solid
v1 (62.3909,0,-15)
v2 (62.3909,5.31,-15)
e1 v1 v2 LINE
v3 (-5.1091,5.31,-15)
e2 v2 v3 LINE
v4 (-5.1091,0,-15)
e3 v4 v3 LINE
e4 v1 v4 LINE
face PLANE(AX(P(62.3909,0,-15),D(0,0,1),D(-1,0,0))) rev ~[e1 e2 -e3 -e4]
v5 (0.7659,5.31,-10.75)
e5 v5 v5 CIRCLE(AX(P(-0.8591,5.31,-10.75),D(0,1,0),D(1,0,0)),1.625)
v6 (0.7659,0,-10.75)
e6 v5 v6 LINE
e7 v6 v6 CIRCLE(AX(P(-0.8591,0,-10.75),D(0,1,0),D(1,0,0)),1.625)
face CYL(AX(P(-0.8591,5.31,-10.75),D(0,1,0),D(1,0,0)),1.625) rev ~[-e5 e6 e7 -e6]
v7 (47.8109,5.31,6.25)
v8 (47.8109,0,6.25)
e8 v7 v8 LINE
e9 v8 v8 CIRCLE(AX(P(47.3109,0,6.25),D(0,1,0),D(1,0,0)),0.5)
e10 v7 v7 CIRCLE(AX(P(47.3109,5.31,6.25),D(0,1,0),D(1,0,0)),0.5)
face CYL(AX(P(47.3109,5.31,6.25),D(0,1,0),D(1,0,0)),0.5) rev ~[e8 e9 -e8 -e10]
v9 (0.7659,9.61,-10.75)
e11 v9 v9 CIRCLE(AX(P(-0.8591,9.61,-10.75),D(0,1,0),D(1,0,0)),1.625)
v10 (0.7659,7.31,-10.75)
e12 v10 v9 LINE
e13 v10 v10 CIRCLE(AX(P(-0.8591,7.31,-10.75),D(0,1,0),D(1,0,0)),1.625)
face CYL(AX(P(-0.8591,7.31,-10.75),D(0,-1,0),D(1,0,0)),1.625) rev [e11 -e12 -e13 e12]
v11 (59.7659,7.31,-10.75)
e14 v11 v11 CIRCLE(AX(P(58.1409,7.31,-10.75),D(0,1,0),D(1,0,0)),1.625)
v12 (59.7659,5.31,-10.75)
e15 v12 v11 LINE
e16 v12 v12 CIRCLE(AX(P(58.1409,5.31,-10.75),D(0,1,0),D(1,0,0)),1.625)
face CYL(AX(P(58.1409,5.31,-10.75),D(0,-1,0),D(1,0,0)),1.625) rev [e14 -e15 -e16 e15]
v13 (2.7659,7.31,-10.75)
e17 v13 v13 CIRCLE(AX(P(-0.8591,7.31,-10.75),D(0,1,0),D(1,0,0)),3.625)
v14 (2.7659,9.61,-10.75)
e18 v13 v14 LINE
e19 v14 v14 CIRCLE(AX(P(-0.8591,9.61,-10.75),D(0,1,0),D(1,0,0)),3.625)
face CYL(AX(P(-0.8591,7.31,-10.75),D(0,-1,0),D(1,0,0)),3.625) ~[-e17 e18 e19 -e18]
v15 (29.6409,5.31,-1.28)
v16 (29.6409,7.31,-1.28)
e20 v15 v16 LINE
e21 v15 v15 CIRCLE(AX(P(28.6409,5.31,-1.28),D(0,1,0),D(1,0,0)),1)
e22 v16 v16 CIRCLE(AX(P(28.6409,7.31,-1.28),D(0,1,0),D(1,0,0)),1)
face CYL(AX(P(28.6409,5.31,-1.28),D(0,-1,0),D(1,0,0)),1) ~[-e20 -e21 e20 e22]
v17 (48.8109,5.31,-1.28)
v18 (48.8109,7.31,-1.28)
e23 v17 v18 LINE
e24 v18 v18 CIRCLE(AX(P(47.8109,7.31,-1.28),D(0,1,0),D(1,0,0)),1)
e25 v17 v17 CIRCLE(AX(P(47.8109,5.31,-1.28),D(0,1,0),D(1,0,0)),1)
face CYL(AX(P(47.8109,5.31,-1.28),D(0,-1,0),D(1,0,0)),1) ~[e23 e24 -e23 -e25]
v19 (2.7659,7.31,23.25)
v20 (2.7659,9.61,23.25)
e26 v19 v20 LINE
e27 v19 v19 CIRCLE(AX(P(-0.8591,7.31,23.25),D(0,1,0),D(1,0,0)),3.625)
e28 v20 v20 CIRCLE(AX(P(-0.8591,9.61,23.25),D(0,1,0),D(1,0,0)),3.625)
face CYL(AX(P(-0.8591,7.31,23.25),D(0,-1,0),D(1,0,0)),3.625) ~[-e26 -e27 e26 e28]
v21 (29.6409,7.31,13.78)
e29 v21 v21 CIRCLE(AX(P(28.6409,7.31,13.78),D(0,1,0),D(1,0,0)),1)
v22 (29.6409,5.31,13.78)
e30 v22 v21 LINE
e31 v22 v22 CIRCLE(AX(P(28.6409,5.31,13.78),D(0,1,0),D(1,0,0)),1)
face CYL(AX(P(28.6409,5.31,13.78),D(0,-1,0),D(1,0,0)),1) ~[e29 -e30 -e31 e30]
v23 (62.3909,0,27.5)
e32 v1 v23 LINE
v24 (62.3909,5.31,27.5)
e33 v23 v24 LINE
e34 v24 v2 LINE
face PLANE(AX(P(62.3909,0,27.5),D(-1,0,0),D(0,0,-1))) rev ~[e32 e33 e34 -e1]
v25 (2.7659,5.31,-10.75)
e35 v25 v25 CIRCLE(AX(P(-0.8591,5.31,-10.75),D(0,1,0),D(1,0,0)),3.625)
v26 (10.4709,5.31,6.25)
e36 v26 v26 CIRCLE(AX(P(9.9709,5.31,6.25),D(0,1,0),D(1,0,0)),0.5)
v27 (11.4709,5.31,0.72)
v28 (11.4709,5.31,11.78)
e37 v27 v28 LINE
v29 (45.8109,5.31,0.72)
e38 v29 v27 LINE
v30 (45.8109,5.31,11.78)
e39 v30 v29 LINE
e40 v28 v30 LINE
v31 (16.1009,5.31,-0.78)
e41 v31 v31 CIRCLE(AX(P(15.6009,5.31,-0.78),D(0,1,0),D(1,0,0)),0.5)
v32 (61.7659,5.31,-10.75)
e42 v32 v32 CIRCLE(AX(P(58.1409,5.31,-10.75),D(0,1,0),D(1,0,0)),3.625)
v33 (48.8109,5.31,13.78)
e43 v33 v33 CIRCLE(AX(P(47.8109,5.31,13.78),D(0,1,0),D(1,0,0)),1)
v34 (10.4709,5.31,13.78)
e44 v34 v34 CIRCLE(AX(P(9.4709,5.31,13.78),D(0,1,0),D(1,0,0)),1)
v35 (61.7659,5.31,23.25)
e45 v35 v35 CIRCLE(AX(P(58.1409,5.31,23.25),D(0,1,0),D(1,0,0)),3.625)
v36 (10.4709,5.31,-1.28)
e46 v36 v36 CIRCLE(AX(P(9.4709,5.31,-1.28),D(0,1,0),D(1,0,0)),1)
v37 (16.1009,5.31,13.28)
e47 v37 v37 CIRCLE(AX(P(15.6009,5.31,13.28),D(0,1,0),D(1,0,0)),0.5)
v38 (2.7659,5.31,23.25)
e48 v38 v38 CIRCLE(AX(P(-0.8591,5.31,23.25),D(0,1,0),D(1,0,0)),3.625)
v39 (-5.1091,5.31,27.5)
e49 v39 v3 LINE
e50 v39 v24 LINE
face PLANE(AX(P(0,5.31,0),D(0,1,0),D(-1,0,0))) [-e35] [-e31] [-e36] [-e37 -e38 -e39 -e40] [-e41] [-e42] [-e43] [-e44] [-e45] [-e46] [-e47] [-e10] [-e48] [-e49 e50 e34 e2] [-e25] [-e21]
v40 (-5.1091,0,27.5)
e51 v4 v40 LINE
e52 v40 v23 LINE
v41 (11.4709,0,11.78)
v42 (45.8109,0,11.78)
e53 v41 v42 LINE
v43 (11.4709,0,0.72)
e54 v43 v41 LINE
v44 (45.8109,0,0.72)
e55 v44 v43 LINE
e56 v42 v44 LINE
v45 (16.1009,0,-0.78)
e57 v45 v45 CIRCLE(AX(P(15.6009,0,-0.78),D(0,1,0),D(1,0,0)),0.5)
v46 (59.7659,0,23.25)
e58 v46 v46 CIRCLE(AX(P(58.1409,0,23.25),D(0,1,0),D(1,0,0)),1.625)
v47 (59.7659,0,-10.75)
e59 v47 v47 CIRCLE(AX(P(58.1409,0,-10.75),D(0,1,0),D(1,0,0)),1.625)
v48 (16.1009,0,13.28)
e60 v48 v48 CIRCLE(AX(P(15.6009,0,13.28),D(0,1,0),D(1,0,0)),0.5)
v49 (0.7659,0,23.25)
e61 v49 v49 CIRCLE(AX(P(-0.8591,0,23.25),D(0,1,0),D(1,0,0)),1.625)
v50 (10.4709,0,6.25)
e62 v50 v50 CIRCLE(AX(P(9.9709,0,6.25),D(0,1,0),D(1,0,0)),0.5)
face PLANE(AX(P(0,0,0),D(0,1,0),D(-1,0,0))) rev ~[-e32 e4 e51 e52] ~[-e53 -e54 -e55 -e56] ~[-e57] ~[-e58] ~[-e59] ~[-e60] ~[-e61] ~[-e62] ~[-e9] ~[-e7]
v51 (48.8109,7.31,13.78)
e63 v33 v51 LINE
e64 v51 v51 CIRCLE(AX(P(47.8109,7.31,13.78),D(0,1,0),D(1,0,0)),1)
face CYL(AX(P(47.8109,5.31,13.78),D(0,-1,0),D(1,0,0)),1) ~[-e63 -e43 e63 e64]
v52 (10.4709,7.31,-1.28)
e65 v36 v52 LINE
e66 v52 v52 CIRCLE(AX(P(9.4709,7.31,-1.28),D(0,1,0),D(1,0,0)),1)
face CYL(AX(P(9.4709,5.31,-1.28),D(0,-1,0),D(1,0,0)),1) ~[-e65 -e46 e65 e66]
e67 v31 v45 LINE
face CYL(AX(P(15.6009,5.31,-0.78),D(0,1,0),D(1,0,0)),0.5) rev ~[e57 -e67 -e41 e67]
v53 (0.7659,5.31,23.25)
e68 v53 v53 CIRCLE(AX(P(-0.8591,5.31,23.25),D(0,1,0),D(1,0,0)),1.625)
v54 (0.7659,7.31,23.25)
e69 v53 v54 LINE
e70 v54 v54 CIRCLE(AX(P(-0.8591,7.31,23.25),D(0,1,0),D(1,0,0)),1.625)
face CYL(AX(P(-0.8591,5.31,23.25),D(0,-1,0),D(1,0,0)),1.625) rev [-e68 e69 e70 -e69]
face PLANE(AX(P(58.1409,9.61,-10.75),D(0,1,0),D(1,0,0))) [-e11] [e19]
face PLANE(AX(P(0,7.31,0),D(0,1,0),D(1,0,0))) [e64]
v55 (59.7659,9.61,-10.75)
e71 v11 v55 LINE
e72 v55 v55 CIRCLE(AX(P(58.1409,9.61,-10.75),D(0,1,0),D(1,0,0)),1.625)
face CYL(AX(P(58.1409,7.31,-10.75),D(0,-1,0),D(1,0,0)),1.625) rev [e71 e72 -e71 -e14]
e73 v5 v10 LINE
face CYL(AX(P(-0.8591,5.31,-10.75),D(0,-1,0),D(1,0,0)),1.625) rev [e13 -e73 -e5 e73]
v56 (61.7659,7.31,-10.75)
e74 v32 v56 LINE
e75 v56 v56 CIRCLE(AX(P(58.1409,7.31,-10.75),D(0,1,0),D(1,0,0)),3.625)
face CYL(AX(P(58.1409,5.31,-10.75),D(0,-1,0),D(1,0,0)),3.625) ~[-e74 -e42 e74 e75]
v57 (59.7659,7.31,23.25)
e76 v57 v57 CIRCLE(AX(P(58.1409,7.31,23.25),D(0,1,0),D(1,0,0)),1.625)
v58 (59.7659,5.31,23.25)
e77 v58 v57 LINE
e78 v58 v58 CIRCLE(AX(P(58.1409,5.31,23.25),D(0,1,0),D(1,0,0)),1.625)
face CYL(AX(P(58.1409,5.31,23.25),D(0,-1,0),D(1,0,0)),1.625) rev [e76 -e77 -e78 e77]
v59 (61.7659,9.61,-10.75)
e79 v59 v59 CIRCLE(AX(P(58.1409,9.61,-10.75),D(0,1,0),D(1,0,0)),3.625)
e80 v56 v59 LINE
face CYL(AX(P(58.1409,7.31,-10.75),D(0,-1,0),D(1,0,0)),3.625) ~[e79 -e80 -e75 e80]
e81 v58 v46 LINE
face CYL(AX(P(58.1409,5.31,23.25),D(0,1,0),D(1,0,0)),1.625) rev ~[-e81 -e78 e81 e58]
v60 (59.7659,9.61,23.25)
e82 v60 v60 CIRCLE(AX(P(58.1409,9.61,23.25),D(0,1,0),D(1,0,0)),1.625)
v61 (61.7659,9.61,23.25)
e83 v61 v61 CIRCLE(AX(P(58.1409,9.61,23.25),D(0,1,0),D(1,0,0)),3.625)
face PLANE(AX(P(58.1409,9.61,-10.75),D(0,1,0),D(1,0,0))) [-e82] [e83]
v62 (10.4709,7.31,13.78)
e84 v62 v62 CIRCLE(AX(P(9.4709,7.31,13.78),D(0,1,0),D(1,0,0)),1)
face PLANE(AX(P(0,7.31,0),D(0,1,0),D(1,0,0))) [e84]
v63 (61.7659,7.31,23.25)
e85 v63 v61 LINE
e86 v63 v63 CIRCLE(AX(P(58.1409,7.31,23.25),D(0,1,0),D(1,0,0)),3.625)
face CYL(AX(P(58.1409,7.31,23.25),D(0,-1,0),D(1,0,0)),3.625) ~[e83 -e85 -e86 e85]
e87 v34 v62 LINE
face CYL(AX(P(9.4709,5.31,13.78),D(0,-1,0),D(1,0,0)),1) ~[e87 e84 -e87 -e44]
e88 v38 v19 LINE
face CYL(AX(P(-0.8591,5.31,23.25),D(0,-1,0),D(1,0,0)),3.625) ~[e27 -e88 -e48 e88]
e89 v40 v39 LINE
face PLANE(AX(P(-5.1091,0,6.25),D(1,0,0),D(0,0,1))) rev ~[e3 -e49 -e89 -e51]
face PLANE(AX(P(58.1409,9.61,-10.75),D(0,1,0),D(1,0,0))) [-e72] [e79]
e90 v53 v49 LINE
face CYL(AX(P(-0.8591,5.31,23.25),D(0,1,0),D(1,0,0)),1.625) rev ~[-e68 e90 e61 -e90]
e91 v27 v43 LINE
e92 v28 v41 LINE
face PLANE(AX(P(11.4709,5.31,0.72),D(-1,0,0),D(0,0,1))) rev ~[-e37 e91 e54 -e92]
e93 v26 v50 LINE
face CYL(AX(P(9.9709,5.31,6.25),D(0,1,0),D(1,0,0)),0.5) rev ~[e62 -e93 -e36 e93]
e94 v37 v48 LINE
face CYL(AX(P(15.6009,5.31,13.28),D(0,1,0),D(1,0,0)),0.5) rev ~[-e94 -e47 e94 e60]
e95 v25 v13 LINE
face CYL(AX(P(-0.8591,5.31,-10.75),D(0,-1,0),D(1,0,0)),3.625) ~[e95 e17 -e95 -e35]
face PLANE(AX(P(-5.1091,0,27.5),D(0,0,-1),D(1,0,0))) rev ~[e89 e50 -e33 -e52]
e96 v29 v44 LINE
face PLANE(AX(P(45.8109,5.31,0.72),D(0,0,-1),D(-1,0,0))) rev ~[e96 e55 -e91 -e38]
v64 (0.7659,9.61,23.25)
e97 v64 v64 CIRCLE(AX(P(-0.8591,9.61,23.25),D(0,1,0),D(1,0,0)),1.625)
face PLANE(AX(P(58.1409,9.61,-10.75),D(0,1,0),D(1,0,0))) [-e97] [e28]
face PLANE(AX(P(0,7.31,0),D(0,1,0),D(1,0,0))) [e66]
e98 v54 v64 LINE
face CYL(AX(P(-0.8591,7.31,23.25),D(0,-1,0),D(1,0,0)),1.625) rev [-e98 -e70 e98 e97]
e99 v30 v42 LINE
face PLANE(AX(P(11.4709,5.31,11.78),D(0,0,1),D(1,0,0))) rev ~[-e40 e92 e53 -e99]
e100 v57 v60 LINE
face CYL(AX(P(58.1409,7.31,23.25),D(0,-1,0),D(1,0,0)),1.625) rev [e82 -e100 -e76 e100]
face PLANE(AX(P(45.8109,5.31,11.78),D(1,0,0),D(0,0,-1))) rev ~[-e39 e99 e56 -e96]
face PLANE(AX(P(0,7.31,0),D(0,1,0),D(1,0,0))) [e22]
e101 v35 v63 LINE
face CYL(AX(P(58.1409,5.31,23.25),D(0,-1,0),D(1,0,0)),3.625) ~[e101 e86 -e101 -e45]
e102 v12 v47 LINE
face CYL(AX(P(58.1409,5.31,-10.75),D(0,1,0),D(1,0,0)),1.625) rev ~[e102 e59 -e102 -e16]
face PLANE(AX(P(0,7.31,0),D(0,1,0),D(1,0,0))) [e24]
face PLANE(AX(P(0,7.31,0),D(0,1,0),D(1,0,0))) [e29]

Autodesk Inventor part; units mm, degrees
ref_plane "YZ Plane" through (0, 0, 0) normal (1, 0, 0) x (0, 1, 0)
ref_plane "XZ Plane" through (0, 0, 0) normal (0, 1, 0) x (-1, 0, 0)
ref_plane "XY Plane" through (0, 0, 0) normal (0, 0, 1) x (1, 0, 0)
sketch "Sketch1" plane through (0, 0, 0) normal (0, 1, 0) x (-1, 0, 0)
  line L0 (5.1091, 27.5) -> (-62.3909, 27.5)
  line L1 (-62.3909, 27.5) -> (-62.3909, -15)
  line L2 (-62.3909, -15) -> (5.1091, -15)
  line L3 (5.1091, -15) -> (5.1091, 27.5)
  line L4 (5.1091, 6.25) -> (-62.3909, 6.25)
  point P0 (0, 0)
  dimension "d0" = 42.5
  dimension "d1" = 67.5
extrude "Extrusion1" add sketch "Sketch1" along normal blind 5.31
sketch "Sketch2" plane through (0, 5.31, 0) normal (0, 1, 0) x (1, 0, 0)
  circle A0 centre (9.9709, -6.25) radius 0.5
  circle A1 centre (15.6009, -13.28) radius 0.5
  circle A2 centre (15.6009, 0.78) radius 0.5
  circle A3 centre (47.3109, -6.25) radius 0.5
  line L0 (-5.1091, -6.25) -> (62.3909, -6.25) construction
  line L1 (15.6009, 15.6122) -> (15.6009, -24.3614) construction
  line L2 (11.4709, -11.78) -> (45.8109, -11.78)
  line L3 (45.8109, -11.78) -> (45.8109, -0.72)
  line L4 (45.8109, -0.72) -> (11.4709, -0.72)
  line L5 (11.4709, -0.72) -> (11.4709, -11.78)
  circle A4 centre (-0.8591, 10.75) radius 1.625
  line L6 (62.3909, 15) -> (-5.1091, 15)
  circle A5 centre (-0.8591, -23.25) radius 1.625
  line L7 (-5.1091, -27.5) -> (62.3909, -27.5)
  circle A6 centre (58.1409, 10.75) radius 1.625
  circle A7 centre (58.1409, -23.25) radius 1.625
  line L8 (62.3909, -27.3764) -> (62.3909, 12.6236)
  line L9 (28.6409, -27.5) -> (28.6409, 15) construction
  line L10 (62.3909, -27.5) -> (62.3909, 15) projected
  line L11 (-5.1091, -27.5) -> (62.3909, -27.5) projected
  line L12 (-5.1091, 15) -> (-5.1091, -27.5) projected
  line L13 (62.3909, 15) -> (-5.1091, 15) projected
  point P0 (0, 0)
  dimension "d4" = 1
  dimension "d15" = 14.06
  dimension "d23" = 37.34
  dimension "d39" = 5.63
  dimension "d70" = 4.25
  dimension "d79" = 3.25
  dimension "d82" = 1
  dimension "d83" = 1
  dimension "d84" = 1
  dimension "d85" = 1
  dimension "d90" = 4.25
  dimension "d91" = 4.25
  dimension "d93" = 34
  dimension "d94" = 59
  dimension "d100" = 11.06
extrude "Extrusion2" cut sketch "Sketch2" against normal through all contours A0 | A1 | A2 | A3 | L5 L4 L3 L2 | A4 | A5 | A6 | A7
sketch "Sketch4" plane through (0, 5.31, 0) normal (0, 1, 0) x (1, 0, 0)
  circle A0 centre (-0.8591, 10.75) radius 3.625
  circle A1 centre (58.1409, -23.25) radius 3.625
  circle A2 centre (58.1409, 10.75) radius 3.625
  circle A3 centre (-0.8591, -23.25) radius 3.625
  circle A4 centre (-0.8591, -23.25) radius 1.625 construction
  circle A5 centre (58.1409, -23.25) radius 1.625 construction
  circle A6 centre (-0.8591, 10.75) radius 1.625 construction
  circle A7 centre (58.1409, 10.75) radius 1.625 construction
  circle A8 centre (58.1409, -23.25) radius 1.625
  circle A9 centre (-0.8591, -23.25) radius 1.625
  circle A10 centre (-0.8591, 10.75) radius 1.625
  circle A11 centre (58.1409, 10.75) radius 1.625
  circle A12 centre (47.8109, -13.78) radius 1
  circle A13 centre (9.4709, -13.78) radius 1
  circle A14 centre (47.8109, 1.28) radius 1
  circle A15 centre (9.4709, 1.28) radius 1
  line L0 (45.8109, -11.78) -> (11.4709, -11.78) projected
  line L1 (45.8109, -0.72) -> (45.8109, -11.78) projected
  line L2 (28.6409, -33.9575) -> (28.6409, 25.5773) construction
  line L3 (71.7292, -6.25) -> (-26.8251, -6.25) construction
  line L4 (47.8109, -13.78) -> (9.4709, -13.78) construction
  line L5 (47.8109, 1.28) -> (9.4709, 1.28) construction
  circle A16 centre (28.6409, 1.28) radius 1
  circle A17 centre (28.6409, -13.78) radius 1
  point P0 (0, 0)
  point P1 (56.8909, 12)
  point P2 (-2.1091, 12)
  dimension "d92" = 2
  dimension "d95" = 2
  dimension "d96" = 2
  dimension "d97" = 2
extrude "Extrusion4" add sketch "Sketch4" along normal blind 2
sketch "Sketch5" plane through (58.1409, 7.31, -10.75) normal (0, 1, 0) x (1, 0, 0)
  circle A0 centre (0, -34) radius 1.625 projected
  circle A1 centre (0, -34) radius 1
  circle A2 centre (0, -34) radius 3.625
  circle A3 centre (-59, -34) radius 1.625 projected
  circle A4 centre (-59, -34) radius 1.625
  circle A5 centre (-59, -34) radius 3.625
  circle A6 centre (-59, -34) radius 1.625 projected
  circle A7 centre (-59, -34) radius 3.625 projected
  circle A8 centre (0, -34) radius 3.625 projected
  circle A9 centre (-59, 0) radius 1.625
  circle A10 centre (0, 0) radius 1.625
  circle A11 centre (-59, 0) radius 3.625
  circle A12 centre (0, 0) radius 3.625
  circle A13 centre (0, 0) radius 3.625 projected
  circle A14 centre (0, 0) radius 1.625 projected
  circle A15 centre (-59, 0) radius 1.625 projected
  circle A16 centre (-59, 0) radius 3.625 projected
  point P0 (-58.1409, -10.75)
extrude "Extrusion5" add sketch "Sketch5" along normal blind 2.3 contours A2 | A5 | A11 | A12
equation "\"d31\" = d69"
equation "\"d69\" = 3"
properties part number "490HV_MicrofluidicClamp"
